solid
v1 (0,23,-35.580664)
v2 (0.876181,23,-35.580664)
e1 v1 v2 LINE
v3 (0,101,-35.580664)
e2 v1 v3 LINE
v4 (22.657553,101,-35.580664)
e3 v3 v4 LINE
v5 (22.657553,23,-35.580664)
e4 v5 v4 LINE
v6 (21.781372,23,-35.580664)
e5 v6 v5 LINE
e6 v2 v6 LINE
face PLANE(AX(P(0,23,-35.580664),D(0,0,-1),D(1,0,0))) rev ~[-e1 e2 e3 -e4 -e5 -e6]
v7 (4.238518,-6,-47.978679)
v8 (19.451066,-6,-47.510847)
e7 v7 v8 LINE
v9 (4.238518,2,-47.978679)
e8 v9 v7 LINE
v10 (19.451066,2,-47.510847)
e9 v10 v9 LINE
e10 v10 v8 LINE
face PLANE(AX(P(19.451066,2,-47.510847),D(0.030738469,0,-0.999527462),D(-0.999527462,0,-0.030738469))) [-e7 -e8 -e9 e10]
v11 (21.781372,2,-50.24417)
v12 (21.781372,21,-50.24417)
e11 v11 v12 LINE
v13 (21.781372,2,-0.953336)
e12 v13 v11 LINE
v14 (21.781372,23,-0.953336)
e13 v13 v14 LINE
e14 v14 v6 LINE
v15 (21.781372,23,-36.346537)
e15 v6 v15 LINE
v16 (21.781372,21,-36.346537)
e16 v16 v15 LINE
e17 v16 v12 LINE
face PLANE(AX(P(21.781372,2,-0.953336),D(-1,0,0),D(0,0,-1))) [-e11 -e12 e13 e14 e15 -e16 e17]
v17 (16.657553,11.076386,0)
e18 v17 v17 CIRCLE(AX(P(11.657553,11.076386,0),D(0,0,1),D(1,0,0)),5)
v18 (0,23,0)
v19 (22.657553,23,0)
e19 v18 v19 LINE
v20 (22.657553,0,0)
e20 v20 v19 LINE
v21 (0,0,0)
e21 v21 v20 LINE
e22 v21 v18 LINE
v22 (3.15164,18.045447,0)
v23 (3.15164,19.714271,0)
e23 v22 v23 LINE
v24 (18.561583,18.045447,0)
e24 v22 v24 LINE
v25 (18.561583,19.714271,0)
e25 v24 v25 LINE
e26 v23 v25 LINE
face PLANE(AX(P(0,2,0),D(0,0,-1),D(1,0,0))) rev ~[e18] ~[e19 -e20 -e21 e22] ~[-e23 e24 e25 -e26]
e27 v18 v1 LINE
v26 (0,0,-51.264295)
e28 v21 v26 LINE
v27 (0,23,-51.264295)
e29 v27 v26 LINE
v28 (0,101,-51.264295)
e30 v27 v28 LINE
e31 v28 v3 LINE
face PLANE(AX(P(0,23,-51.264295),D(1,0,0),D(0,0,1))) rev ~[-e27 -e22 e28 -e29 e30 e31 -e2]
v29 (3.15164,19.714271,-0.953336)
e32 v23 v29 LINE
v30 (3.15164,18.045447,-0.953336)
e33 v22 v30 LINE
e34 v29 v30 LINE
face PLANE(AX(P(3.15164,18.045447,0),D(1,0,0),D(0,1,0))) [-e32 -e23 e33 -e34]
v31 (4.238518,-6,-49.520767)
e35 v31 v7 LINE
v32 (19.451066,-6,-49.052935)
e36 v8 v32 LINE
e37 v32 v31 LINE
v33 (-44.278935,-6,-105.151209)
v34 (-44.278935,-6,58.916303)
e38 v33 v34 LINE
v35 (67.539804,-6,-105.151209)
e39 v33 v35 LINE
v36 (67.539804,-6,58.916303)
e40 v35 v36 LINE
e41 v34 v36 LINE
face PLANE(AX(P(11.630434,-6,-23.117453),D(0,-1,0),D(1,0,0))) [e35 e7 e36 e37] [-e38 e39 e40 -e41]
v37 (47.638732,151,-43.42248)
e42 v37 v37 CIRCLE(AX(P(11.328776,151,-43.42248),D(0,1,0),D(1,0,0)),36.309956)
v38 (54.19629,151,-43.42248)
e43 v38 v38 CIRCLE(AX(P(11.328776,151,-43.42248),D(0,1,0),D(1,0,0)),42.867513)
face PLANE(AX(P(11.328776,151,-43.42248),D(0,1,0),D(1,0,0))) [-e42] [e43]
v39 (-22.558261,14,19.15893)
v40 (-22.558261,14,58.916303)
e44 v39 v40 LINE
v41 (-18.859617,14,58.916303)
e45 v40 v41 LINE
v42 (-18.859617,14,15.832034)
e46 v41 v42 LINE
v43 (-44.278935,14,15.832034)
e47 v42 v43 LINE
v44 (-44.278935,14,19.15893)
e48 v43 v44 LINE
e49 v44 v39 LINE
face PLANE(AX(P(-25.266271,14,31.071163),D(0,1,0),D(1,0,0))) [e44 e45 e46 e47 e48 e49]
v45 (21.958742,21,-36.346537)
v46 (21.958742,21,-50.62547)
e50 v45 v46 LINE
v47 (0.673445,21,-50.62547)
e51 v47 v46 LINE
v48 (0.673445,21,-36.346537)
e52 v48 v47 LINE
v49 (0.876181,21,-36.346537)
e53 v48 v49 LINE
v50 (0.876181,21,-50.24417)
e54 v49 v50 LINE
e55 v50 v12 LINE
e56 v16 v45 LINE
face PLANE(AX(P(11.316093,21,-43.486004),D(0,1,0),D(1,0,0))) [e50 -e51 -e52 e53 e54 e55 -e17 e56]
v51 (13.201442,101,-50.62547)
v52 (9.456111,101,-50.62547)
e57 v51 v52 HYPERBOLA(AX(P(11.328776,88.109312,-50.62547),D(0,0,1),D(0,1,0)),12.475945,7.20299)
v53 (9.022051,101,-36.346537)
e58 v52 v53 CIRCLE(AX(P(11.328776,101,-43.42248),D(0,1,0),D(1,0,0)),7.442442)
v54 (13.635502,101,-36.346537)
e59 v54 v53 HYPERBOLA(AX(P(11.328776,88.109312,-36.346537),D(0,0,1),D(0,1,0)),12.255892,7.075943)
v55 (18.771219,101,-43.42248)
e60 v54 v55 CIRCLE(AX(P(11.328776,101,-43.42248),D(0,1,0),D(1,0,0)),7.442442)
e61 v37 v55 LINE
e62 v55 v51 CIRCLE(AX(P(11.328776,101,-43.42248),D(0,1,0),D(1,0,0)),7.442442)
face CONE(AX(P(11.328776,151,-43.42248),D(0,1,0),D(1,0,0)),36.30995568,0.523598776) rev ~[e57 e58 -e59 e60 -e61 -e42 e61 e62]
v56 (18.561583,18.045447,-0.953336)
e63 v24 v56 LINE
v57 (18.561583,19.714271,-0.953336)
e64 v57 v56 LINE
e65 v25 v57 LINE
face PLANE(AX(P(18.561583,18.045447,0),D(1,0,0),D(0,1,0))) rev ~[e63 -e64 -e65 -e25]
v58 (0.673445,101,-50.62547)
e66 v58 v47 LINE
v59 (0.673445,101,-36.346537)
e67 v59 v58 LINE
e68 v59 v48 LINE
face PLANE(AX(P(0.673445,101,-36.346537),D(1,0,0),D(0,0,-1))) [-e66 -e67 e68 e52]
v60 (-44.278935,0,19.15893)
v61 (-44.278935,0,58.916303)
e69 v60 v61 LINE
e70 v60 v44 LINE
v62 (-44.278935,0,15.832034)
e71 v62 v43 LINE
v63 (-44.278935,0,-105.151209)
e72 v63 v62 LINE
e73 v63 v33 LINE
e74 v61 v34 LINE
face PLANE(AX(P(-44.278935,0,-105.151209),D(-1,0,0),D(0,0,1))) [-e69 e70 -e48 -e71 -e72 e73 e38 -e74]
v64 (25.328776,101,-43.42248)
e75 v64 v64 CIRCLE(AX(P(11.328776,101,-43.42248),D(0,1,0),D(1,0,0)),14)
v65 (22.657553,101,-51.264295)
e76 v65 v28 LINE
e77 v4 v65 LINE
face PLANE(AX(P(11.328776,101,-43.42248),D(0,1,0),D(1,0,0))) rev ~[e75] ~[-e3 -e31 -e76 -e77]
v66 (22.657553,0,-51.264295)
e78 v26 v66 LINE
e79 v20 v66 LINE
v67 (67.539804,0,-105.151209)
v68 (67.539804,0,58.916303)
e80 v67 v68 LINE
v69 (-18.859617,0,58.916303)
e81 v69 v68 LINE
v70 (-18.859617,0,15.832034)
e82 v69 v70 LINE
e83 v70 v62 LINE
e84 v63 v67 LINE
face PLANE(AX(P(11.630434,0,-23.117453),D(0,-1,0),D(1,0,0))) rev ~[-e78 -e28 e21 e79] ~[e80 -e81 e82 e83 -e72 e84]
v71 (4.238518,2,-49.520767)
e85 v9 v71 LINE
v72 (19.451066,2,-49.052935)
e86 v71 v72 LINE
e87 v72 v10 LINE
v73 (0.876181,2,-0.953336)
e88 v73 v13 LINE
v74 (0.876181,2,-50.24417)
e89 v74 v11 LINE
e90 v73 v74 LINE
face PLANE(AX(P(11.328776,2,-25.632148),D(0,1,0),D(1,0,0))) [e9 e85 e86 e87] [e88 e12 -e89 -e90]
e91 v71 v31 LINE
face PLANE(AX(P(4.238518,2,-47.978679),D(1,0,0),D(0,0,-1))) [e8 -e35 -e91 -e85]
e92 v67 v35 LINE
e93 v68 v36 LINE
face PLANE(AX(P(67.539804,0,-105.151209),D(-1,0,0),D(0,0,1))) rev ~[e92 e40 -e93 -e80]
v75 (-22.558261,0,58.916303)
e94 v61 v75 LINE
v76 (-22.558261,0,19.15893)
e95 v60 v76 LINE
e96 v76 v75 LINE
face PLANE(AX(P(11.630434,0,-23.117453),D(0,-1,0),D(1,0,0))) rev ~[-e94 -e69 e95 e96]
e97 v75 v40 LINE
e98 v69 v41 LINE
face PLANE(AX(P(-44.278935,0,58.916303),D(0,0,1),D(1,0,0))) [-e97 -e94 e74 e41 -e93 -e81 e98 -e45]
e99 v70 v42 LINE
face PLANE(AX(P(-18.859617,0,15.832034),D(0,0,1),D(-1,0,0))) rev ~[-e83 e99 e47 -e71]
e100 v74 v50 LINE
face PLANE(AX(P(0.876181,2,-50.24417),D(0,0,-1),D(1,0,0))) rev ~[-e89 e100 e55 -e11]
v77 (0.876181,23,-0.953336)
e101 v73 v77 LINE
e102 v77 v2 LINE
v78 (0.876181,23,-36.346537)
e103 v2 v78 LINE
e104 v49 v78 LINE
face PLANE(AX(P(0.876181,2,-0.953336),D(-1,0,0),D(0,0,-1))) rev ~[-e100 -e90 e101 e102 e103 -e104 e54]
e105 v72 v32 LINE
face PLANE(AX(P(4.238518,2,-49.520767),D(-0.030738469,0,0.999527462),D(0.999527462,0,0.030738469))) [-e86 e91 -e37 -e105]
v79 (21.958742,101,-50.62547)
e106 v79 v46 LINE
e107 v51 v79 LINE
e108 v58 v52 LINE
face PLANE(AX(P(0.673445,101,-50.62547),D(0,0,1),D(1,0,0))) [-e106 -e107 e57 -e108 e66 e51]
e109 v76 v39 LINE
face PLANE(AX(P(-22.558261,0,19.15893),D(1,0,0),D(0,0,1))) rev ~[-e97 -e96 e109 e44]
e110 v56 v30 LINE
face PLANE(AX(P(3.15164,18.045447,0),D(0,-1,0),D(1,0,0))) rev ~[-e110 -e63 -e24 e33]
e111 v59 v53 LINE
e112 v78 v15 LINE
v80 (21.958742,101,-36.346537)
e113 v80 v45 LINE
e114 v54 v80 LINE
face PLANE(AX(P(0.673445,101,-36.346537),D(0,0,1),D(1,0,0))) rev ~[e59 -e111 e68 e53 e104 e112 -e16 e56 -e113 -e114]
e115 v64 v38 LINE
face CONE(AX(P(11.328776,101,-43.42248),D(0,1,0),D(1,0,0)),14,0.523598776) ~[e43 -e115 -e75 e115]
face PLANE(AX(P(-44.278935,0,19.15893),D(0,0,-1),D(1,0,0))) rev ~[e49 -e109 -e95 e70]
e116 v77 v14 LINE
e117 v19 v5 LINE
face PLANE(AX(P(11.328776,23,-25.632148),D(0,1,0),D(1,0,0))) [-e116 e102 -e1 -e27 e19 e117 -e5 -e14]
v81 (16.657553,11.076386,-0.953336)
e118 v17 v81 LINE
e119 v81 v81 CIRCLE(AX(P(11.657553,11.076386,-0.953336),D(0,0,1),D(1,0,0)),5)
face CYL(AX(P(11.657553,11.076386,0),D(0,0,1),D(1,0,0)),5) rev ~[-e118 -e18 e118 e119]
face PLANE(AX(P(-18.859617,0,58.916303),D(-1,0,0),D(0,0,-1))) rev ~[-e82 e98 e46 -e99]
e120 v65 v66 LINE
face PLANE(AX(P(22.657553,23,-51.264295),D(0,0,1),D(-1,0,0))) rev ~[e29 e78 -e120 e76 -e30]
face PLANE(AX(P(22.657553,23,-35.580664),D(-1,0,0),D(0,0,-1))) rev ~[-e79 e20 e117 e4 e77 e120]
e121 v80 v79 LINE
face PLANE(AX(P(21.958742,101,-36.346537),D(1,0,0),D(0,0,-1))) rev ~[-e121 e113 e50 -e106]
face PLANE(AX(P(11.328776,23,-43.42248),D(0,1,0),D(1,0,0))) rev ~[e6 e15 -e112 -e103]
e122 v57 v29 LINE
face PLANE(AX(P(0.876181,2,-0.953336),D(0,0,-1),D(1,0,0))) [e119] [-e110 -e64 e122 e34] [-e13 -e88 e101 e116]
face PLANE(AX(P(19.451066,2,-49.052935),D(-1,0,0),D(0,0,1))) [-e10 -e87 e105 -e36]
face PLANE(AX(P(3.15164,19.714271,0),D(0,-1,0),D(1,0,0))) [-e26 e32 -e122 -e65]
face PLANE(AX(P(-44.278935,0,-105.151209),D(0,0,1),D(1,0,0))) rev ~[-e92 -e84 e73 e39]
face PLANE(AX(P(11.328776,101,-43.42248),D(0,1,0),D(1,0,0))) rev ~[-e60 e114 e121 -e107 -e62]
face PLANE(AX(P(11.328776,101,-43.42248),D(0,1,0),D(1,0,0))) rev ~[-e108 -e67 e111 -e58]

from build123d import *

# Parameters (mm, degrees)
SKETCH2_W            = 22.657552765
SKETCH2_H            = 51.264295363
BOSS_EXTRUDE1_DEPTH  = 2
SKETCH3_W            = 22.657552765
SKETCH3_H            = 51.264295363
SKETCH3_W_2          = 20.905191144
SKETCH3_H_2          = 49.290834071
BOSS_EXTRUDE2_DEPTH  = 21
BOSS_EXTRUDE3_DEPTH  = 78
SKETCH6_W            = 21.285297843
SKETCH6_H            = 14.278933142
CUT_EXTRUDE1_DEPTH   = 80
SKETCH11_R           = 14
BOSS_EXTRUDE4_DEPTH  = 50
BOSS_EXTRUDE4_DRAFT  = -30
SKETCH12_R           = 36.30995568
CUT_EXTRUDE2_DEPTH   = 51
CUT_EXTRUDE2_DRAFT   = -30
SKETCH14_R           = 5
CUT_EXTRUDE4_DEPTH   = 22
SKETCH15_W           = 15.409943134
SKETCH15_H           = 1.668824362
CUT_EXTRUDE5_DEPTH   = 22
SKETCH16_W           = 111.818738814
SKETCH16_H           = 164.067511329
BOSS_EXTRUDE10_DEPTH = 6
BOSS_EXTRUDE11_DEPTH = 14
CUT_EXTRUDE6_DEPTH   = 14


with BuildPart() as part:
    # Sketch2 → Boss-Extrude1 (new body)
    with BuildSketch(Plane(origin=(0, 0, 0), x_dir=(1, 0, 0), z_dir=(0, 1, 0))):
        with Locations((11.328776383, 25.632147682)):
            Rectangle(SKETCH2_W, SKETCH2_H)
    extrude(amount=BOSS_EXTRUDE1_DEPTH)

    # Sketch3 → Boss-Extrude2 (add)
    with BuildSketch(Plane(origin=(0, 2, 0), x_dir=(1, 0, 0), z_dir=(0, 1, 0))):
        with Locations((11.328776383, 25.632147682)):
            Rectangle(SKETCH3_W, SKETCH3_H)
        with Locations((11.328776383, 25.598752808)):
            Rectangle(SKETCH3_W_2, SKETCH3_H_2, mode=Mode.SUBTRACT)
    extrude(amount=BOSS_EXTRUDE2_DEPTH)

    # Sketch5 → Boss-Extrude3 (add)
    with BuildSketch(Plane(origin=(0, 23, 0), x_dir=(1, 0, 0), z_dir=(0, 1, 0))):
        Polygon((22.657552765, 37.450286435), (22.657552765, 51.264295363), (0, 51.264295363), (0, 35.580664168), (22.657552765, 35.580664168), align=None)
    extrude(amount=BOSS_EXTRUDE3_DEPTH)

    # Sketch6 → Cut-Extrude1 (cut)
    with BuildSketch(Plane(origin=(0, 101, 0), x_dir=(1, 0, 0), z_dir=(0, 1, 0))):
        with Locations((11.316093437, 43.486003654)):
            Rectangle(SKETCH6_W, SKETCH6_H)
    extrude(amount=-CUT_EXTRUDE1_DEPTH, mode=Mode.SUBTRACT)


with BuildPart() as boss_extrude4_tool:
    # Sketch11 → Boss-Extrude4 (with draft: the straight prism first)
    with BuildSketch(Plane(origin=(0, 101, 0), x_dir=(1, 0, 0), z_dir=(0, 1, 0))):
        with Locations((11.328776383, 43.422479766)):
            Circle(SKETCH11_R)
    extrude(amount=BOSS_EXTRUDE4_DEPTH)
    # Boss-Extrude4: the draft: its side faces are tilted about the plane it starts from
    boss_extrude4_sides = [boss_extrude4_tool.faces().sort_by_distance(p)[0] for p in [
        (-2.671223617, 126, -43.422479766),
    ]]
    draft(boss_extrude4_sides, Plane(origin=(0, 101, 0), x_dir=(1, 0, 0), z_dir=(0, 1, 0)), BOSS_EXTRUDE4_DRAFT)


with BuildPart() as part_1:
    add(part.part)

    # Boss-Extrude4: add boss_extrude4_tool
    add(boss_extrude4_tool.part)


with BuildPart() as cut_extrude2_tool:
    # Sketch12 → Cut-Extrude2 (with draft: the straight prism first)
    with BuildSketch(Plane(origin=(0, 151, 0), x_dir=(1, 0, 0), z_dir=(0, 1, 0))):
        with Locations((11.328776383, 43.422479766)):
            Circle(SKETCH12_R)
    extrude(amount=-CUT_EXTRUDE2_DEPTH)
    # Cut-Extrude2: the draft: its side faces are tilted about the plane it starts from
    cut_extrude2_sides = [cut_extrude2_tool.faces().sort_by_distance(p)[0] for p in [
        (-24.981179297, 125.5, -43.422479766),
    ]]
    draft(cut_extrude2_sides, Plane(origin=(0, 151, 0), x_dir=(1, 0, 0), z_dir=(0, 1, 0)), CUT_EXTRUDE2_DRAFT)


with BuildPart() as part_2:
    add(part_1.part)

    # Cut-Extrude2: cut by cut_extrude2_tool
    add(cut_extrude2_tool.part, mode=Mode.SUBTRACT)

    # Sketch14 → Cut-Extrude4 (cut)
    with BuildSketch(Plane.XY):
        with Locations((11.657552765, 11.076385635)):
            Circle(SKETCH14_R)
    extrude(amount=-CUT_EXTRUDE4_DEPTH, mode=Mode.SUBTRACT)

    # Sketch15 → Cut-Extrude5 (cut)
    with BuildSketch(Plane.XY):
        with Locations((10.856611193, 18.879859243)):
            Rectangle(SKETCH15_W, SKETCH15_H)
    extrude(amount=-CUT_EXTRUDE5_DEPTH, mode=Mode.SUBTRACT)

    # Sketch16 → Boss-Extrude10 (add)
    with BuildSketch(Plane.XZ):
        with Locations((11.63043448, -23.117453155)):
            Rectangle(SKETCH16_W, SKETCH16_H)
    extrude(amount=BOSS_EXTRUDE10_DEPTH)

    # Sketch17 → Boss-Extrude11 (add)
    with BuildSketch(Plane(origin=(0, 0, 0), x_dir=(1, 0, 0), z_dir=(0, 1, 0))):
        Polygon((-44.278934927, -19.158930428), (-22.558261241, -19.158930428), (-22.558261241, -58.91630251), (-18.859616668, -58.91630251), (-18.859616668, -15.83203433), (-44.278934927, -15.83203433), align=None)
    extrude(amount=BOSS_EXTRUDE11_DEPTH)

    # Sketch18 → Cut-Extrude6 (cut)
    with BuildSketch(Plane(origin=(0, 2, 0), x_dir=(1, 0, 0), z_dir=(0, 1, 0))):
        Polygon((4.238517858, 49.520767008), (19.451065942, 49.052935497), (19.451065942, 47.510847256), (4.238517858, 47.978678766), align=None)
    extrude(amount=-CUT_EXTRUDE6_DEPTH, mode=Mode.SUBTRACT)


solid = part_2.part
